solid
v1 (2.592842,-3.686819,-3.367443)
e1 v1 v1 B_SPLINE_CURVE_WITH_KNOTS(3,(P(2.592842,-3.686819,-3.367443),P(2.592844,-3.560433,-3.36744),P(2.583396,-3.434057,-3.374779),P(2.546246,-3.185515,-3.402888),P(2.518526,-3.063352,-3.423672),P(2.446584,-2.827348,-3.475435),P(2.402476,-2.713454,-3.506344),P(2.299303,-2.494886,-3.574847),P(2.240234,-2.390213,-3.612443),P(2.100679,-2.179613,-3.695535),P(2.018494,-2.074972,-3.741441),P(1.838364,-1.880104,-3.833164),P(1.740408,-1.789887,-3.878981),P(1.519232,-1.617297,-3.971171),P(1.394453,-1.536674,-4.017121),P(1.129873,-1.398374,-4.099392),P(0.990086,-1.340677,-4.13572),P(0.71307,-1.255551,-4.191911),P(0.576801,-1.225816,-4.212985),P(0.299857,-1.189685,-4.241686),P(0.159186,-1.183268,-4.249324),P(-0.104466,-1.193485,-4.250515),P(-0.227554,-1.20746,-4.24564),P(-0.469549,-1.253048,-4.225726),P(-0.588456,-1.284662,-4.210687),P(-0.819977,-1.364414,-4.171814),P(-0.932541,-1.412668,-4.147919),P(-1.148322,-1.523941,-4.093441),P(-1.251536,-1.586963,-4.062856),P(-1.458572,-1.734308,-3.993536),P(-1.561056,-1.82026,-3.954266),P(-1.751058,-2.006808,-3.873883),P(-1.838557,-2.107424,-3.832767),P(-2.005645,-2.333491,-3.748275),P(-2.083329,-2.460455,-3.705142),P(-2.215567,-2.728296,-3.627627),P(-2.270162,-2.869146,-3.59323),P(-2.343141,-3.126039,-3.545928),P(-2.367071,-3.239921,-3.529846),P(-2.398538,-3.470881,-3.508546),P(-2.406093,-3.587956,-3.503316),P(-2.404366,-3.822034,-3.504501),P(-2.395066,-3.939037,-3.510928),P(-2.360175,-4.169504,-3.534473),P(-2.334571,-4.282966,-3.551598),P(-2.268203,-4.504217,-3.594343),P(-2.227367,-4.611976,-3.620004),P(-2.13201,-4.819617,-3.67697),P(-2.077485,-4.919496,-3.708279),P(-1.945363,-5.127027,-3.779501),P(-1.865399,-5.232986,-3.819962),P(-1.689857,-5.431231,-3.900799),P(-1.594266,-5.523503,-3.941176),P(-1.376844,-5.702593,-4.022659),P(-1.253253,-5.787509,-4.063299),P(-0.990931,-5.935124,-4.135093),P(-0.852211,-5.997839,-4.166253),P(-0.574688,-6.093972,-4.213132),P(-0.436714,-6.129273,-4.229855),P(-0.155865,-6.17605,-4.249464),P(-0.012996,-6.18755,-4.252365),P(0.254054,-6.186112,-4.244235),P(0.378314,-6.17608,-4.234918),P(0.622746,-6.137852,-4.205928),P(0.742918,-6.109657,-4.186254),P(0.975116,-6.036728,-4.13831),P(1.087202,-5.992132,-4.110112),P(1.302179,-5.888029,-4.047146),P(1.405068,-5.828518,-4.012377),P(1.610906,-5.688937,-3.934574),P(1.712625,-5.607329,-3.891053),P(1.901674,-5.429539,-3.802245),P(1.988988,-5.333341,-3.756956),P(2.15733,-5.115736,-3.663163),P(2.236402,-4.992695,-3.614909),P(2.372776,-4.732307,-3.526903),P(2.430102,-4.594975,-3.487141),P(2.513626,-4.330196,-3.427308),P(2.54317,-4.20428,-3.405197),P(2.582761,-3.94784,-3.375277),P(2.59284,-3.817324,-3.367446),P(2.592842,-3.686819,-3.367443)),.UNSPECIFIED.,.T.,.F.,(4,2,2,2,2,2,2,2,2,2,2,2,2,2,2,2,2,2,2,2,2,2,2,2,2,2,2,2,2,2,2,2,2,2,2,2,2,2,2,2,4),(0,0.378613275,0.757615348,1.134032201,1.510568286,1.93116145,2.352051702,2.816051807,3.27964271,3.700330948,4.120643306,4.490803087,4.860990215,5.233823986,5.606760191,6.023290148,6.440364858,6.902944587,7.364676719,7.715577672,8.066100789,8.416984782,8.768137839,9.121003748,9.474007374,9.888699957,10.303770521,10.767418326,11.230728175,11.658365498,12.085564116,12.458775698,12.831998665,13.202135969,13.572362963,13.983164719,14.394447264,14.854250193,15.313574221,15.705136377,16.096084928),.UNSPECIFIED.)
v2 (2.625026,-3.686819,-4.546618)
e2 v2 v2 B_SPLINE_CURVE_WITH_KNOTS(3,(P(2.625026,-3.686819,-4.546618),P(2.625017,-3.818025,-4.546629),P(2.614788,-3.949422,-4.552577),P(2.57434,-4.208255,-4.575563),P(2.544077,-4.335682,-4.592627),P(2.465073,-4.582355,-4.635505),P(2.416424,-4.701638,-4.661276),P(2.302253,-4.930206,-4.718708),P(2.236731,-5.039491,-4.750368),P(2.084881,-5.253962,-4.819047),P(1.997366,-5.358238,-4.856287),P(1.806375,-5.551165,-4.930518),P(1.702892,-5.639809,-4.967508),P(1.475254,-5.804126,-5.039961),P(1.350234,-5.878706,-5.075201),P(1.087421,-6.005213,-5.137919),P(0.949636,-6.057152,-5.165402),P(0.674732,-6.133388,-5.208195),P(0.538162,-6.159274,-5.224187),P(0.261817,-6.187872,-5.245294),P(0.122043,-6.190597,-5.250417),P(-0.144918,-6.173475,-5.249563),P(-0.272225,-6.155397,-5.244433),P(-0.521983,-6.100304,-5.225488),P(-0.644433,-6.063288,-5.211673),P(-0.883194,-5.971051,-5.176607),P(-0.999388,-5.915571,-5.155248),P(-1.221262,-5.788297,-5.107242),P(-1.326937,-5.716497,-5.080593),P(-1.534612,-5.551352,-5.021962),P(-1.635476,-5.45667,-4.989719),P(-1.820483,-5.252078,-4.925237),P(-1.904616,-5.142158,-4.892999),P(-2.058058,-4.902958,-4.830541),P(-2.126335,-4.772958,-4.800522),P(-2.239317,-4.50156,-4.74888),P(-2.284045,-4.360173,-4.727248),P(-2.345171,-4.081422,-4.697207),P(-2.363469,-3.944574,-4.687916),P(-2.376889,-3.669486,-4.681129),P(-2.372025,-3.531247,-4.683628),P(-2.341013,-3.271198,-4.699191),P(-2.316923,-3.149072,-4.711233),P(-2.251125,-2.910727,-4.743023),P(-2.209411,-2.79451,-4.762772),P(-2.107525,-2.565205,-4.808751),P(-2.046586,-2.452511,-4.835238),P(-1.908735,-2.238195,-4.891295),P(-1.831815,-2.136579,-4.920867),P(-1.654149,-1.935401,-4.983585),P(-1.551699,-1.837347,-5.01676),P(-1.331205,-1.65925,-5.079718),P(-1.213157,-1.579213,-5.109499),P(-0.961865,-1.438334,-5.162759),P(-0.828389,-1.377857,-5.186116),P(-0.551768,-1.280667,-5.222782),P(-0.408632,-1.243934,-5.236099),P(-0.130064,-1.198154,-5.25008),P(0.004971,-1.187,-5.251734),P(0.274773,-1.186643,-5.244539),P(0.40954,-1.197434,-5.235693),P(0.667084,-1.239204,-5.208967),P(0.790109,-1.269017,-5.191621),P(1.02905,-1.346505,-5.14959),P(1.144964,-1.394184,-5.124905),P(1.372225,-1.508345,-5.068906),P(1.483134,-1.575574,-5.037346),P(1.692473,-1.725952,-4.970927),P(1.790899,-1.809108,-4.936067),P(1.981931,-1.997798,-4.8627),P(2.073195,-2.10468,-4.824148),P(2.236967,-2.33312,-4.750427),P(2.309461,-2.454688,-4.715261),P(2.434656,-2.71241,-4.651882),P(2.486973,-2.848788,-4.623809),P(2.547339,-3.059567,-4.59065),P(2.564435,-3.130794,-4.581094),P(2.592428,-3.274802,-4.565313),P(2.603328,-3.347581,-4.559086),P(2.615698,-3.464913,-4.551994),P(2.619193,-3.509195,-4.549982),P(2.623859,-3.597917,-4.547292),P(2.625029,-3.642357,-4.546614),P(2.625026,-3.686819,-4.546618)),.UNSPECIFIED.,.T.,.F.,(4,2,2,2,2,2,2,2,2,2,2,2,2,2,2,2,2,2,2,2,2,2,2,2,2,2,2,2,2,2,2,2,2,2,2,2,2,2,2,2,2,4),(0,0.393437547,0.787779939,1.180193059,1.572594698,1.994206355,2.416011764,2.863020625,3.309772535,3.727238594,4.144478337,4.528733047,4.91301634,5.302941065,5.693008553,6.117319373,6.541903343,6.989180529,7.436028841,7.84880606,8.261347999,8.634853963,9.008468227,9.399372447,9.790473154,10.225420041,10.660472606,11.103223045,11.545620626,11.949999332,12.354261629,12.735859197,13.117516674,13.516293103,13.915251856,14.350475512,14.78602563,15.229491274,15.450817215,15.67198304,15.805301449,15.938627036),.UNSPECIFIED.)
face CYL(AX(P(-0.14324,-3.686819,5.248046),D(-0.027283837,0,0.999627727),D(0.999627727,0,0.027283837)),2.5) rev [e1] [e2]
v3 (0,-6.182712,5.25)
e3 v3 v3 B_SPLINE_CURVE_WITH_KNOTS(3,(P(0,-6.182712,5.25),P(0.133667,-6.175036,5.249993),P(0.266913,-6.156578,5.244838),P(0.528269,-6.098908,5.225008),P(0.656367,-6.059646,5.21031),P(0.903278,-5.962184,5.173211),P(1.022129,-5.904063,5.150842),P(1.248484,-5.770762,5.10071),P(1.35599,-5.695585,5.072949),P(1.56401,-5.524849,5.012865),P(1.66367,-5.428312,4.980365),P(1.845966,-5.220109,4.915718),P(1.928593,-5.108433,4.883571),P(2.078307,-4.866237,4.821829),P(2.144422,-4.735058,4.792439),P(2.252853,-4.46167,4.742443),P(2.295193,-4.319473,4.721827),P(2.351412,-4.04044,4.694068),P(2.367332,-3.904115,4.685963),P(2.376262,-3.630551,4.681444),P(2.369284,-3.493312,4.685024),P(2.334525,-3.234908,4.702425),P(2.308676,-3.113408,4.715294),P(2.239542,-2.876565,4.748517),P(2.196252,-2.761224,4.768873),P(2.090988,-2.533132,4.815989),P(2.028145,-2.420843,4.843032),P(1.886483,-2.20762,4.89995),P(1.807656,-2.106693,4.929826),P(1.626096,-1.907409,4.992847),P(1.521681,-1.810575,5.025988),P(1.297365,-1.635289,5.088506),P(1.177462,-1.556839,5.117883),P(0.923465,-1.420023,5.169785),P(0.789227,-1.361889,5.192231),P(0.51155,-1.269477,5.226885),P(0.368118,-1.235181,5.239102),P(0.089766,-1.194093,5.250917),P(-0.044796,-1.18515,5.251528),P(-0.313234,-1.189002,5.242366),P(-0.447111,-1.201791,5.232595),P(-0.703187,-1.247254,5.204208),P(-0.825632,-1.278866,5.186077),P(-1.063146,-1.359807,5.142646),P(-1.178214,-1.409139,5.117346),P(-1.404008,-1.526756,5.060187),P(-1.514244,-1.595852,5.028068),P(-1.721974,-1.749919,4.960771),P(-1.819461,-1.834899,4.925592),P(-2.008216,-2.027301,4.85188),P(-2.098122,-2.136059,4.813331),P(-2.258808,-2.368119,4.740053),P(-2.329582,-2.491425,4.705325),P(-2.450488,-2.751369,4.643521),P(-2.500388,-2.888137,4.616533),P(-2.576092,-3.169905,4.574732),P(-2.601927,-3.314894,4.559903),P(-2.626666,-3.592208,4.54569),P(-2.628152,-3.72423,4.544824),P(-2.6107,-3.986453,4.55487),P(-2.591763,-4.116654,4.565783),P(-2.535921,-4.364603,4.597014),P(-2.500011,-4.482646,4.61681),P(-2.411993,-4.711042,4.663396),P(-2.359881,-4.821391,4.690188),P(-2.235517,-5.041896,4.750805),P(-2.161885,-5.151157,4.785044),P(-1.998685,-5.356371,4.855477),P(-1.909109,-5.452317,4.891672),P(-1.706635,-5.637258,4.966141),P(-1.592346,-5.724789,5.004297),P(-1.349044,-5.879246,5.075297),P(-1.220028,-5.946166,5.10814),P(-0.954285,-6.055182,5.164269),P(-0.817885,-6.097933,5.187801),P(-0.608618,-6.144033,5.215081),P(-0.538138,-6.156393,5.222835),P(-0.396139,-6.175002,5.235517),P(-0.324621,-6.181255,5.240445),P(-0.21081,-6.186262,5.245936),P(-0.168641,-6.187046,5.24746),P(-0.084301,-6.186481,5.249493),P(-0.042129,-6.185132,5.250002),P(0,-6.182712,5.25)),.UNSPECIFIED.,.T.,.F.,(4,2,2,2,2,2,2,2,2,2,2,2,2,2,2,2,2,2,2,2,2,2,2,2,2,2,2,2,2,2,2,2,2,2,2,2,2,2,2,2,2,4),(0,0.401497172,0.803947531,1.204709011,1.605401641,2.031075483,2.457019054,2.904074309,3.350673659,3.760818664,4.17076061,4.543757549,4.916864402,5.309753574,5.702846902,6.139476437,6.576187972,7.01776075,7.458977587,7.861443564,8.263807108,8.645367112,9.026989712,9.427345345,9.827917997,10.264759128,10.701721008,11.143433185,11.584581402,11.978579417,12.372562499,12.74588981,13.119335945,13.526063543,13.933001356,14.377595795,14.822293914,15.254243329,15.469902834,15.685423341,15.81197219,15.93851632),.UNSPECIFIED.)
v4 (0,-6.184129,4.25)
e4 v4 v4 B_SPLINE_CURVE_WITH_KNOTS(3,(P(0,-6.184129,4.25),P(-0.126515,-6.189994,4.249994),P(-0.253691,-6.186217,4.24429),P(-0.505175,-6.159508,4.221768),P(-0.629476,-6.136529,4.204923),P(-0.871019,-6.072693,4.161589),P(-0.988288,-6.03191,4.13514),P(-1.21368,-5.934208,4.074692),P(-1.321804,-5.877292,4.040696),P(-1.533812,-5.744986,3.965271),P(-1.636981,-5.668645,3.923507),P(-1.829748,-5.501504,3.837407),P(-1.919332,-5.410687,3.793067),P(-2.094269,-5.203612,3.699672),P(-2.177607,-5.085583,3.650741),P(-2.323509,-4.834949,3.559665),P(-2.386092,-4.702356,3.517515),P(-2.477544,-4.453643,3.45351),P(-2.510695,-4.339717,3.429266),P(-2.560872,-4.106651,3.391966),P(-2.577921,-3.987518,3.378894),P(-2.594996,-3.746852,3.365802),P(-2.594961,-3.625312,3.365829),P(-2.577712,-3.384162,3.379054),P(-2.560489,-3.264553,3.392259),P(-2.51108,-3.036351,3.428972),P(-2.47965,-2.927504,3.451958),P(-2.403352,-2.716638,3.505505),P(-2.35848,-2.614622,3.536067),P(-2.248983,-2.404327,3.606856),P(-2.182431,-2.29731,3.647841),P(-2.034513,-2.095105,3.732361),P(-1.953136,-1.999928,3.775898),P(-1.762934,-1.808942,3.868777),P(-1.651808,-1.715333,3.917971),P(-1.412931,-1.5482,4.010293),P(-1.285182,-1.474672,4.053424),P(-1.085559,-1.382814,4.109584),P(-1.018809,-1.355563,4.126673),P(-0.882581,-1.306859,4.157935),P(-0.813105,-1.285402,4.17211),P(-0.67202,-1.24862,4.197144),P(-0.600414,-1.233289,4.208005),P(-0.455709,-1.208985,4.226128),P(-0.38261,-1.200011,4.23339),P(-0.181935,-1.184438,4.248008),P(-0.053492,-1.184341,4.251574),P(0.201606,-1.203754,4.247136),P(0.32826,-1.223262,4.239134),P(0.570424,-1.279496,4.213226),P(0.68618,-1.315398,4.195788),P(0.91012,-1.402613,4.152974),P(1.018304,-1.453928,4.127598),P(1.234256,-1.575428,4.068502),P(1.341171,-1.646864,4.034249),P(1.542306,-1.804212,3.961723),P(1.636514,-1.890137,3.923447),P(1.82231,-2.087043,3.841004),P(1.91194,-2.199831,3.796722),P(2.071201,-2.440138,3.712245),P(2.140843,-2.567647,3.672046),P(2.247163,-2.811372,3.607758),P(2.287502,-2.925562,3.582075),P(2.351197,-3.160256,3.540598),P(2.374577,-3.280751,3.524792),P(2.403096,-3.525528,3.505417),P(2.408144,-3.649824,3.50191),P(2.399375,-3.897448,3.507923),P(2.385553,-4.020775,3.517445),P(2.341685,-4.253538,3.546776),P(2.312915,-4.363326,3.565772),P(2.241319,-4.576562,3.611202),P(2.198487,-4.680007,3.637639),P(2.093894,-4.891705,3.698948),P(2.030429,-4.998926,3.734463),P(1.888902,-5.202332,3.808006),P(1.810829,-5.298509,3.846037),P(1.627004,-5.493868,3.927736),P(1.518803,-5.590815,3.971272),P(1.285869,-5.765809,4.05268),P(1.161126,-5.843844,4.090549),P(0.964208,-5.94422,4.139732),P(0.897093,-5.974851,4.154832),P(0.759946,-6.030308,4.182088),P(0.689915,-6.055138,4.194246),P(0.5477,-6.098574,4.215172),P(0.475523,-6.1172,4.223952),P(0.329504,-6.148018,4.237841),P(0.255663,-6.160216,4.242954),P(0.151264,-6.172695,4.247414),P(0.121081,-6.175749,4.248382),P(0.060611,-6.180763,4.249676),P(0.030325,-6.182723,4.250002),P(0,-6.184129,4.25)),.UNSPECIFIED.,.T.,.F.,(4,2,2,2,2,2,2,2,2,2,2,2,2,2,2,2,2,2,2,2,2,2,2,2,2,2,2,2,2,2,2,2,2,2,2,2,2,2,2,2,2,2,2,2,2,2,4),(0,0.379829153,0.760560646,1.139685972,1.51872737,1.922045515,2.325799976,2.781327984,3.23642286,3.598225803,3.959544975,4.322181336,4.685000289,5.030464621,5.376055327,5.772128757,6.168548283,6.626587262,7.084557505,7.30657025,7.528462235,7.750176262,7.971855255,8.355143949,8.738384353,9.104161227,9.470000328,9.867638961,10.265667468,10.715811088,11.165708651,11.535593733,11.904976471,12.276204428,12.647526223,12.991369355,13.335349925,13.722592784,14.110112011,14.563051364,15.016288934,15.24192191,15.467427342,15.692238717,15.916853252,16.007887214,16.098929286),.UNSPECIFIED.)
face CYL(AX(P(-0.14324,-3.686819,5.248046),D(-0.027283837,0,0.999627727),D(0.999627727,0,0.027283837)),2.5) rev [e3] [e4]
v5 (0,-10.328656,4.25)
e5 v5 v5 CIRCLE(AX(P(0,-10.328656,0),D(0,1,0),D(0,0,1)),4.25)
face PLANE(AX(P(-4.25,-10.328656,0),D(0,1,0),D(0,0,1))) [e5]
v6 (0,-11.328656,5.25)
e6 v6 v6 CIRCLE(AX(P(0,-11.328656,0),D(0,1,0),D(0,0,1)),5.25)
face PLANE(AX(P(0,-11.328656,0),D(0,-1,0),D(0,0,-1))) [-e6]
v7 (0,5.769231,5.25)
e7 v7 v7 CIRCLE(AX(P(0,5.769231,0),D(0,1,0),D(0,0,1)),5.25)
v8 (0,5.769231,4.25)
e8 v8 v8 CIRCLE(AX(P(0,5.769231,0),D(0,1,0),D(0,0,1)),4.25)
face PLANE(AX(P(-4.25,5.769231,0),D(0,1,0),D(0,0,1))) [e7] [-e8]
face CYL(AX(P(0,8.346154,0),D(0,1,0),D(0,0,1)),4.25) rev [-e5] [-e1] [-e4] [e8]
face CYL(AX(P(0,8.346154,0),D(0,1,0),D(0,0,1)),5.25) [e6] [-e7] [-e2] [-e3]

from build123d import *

# Parameters (mm, degrees)
TROU_TARAUD_0_801_D = 5


with BuildPart() as part:
    # Esquisse1 → Révolution1 (revolve)
    with BuildSketch(Plane.XY, mode=Mode.PRIVATE) as r_volution1_sk:
        Polygon((-4.25, 5.769230769), (-5.25, 5.769230769), (-5.25, -11.328656218), (0, -11.328656218), (0, -10.328656218), (-4.25, -10.328656218), align=None)
    revolve(r_volution1_sk.sketch.rotate(Axis((0, 8.346153846, 0), (0, -1, 0)), 270), axis=Axis((0, 8.346153846, 0), (0, -1, 0)))

    # Trou taraudé #0-801 (through all)
    with Locations(Plane(origin=(-0.143240146, -3.686819395, 5.248045566), x_dir=(0.999627726819, 0, 0.027283837244), z_dir=(-0.027283837244, 0, 0.999627726819))):
        with Locations((0, 0)):
            Hole(TROU_TARAUD_0_801_D / 2)


solid = part.part
